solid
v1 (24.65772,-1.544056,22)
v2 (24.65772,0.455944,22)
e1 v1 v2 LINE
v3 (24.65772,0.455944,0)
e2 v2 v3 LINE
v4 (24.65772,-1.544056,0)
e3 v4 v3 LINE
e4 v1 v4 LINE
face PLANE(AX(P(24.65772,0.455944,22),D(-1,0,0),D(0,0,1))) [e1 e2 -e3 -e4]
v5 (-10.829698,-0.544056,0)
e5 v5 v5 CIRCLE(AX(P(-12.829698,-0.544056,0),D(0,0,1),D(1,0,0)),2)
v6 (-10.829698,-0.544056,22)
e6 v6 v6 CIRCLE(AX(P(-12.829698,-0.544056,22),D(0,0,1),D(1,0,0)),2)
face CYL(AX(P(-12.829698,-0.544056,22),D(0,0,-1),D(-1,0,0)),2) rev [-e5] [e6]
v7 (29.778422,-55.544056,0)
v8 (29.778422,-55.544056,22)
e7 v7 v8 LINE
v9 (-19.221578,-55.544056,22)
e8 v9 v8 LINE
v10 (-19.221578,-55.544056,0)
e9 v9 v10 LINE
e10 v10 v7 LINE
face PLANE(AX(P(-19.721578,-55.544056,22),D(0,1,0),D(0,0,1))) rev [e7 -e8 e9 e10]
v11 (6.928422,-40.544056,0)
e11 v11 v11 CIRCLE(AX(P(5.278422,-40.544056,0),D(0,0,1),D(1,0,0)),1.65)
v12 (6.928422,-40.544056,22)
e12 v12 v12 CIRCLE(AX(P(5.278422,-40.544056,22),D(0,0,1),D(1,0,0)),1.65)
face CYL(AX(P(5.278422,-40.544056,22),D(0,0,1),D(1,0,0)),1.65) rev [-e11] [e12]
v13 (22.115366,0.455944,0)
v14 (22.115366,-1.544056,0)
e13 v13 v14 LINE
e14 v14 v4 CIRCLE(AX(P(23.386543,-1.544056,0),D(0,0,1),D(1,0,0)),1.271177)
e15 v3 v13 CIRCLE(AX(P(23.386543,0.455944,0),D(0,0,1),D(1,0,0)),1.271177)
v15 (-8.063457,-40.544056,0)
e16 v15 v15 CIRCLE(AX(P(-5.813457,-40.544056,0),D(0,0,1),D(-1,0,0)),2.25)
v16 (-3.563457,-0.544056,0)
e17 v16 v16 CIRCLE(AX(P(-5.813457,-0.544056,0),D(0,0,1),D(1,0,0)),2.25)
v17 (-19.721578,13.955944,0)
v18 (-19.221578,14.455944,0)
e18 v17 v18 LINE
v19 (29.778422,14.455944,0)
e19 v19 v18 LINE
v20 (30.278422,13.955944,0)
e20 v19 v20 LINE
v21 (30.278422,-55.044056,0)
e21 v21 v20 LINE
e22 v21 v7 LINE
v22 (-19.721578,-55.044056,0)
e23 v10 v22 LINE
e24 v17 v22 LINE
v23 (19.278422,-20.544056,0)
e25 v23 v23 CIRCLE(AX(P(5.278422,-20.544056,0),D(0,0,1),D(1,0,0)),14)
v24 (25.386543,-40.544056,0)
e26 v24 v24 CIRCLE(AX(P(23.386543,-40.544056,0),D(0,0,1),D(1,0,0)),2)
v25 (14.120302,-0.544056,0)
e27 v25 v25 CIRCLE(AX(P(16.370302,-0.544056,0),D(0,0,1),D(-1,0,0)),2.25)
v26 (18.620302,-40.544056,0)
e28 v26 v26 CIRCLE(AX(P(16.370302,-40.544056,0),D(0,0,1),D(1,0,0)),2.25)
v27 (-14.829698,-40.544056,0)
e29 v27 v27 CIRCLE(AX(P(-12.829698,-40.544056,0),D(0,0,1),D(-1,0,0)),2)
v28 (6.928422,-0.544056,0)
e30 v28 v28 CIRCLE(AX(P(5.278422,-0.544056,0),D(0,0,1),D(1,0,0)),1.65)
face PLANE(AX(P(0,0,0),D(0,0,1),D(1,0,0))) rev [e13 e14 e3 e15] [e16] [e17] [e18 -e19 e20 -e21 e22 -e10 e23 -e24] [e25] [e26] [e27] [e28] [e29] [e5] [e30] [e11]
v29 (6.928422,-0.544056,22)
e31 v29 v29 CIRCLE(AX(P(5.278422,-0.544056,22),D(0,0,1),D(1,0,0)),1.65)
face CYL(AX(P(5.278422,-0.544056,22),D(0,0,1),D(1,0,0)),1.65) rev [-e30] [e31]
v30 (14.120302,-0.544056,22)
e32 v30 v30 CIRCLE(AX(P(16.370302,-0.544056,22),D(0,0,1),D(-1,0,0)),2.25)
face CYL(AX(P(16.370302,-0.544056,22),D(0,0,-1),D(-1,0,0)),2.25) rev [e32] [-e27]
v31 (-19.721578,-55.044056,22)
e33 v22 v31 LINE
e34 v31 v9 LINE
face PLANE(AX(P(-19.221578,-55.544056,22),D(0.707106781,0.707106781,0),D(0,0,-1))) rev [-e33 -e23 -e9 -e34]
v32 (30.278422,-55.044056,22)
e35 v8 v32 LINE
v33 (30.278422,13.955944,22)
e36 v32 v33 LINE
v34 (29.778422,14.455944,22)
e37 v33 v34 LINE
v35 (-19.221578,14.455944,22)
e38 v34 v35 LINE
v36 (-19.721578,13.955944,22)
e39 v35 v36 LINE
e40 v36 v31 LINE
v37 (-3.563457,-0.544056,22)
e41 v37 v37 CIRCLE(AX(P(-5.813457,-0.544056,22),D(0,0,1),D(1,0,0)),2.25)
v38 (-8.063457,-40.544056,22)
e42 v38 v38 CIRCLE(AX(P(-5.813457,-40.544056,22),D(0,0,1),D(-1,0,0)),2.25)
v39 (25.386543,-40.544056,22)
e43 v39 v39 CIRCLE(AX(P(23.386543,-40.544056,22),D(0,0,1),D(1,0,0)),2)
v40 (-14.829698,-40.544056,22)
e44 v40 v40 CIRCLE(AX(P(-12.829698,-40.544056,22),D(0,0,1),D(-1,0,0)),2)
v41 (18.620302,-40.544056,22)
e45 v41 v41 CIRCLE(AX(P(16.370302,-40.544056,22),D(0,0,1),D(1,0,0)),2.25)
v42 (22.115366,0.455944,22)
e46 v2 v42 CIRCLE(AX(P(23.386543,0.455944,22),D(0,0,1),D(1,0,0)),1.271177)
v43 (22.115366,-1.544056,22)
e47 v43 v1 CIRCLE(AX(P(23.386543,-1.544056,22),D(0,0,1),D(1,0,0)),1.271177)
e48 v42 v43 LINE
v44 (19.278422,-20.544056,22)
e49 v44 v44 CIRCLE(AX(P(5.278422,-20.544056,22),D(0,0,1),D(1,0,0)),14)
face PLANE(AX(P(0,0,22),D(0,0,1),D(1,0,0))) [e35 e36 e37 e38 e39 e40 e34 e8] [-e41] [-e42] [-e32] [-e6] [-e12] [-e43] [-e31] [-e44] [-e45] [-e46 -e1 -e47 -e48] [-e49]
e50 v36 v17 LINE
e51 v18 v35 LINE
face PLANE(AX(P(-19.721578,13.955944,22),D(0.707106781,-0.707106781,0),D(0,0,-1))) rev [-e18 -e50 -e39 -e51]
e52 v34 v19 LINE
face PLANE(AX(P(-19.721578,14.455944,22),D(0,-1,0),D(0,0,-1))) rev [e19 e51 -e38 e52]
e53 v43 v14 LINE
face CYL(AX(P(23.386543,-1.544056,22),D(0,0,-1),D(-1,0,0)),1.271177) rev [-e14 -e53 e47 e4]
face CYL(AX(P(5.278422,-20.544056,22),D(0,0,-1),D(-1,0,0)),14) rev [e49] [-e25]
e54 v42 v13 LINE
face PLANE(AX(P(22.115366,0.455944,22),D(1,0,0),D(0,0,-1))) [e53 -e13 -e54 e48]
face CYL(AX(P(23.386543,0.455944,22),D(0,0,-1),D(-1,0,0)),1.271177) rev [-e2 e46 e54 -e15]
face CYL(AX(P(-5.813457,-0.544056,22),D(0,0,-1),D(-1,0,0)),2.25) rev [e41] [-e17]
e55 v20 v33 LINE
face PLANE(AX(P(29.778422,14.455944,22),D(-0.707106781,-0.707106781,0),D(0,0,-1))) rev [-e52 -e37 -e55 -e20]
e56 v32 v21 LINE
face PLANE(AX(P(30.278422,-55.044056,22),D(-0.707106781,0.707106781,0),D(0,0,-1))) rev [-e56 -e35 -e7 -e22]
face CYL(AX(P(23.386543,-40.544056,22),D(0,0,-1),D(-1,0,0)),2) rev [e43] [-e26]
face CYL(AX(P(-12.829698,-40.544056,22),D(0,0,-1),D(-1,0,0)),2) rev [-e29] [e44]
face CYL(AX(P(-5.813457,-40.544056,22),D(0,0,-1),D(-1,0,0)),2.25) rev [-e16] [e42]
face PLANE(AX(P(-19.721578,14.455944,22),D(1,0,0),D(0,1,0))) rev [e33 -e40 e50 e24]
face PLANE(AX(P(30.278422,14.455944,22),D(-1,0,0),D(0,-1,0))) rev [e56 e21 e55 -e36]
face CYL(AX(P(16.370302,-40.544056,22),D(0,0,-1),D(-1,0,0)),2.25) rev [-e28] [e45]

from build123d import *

# Parameters (mm, degrees)
SKETCH1_W           = 50
SKETCH1_H           = 70
SKETCH1_R           = 14
SKETCH1_R_2         = 2
SKETCH1_R_3         = 2.25
BOSS_EXTRUDE1_DEPTH = 22
M4_TAPPED_HOLE1_D   = 3.3
CHAMFER1_SIZE       = 0.5


with BuildPart() as part:
    # Sketch1 → Boss-Extrude1 (new body)
    with BuildSketch(Plane.XY):
        with Locations((5.278422274, -20.544056224)):
            Rectangle(SKETCH1_W, SKETCH1_H)
        with Locations((5.278422274, -20.544056224)):
            Circle(SKETCH1_R, mode=Mode.SUBTRACT)
        with Locations((-12.829698376, -0.544056224)):
            Circle(SKETCH1_R_2, mode=Mode.SUBTRACT)
        with Locations((-5.813457077, -0.544056224)):
            Circle(SKETCH1_R_3, mode=Mode.SUBTRACT)
        with Locations((-5.813457077, -40.544056224)):
            Circle(SKETCH1_R_3, mode=Mode.SUBTRACT)
        with Locations((-12.829698376, -40.544056224)):
            Circle(SKETCH1_R_2, mode=Mode.SUBTRACT)
        with Locations((23.386542923, -40.544056224)):
            Circle(SKETCH1_R_2, mode=Mode.SUBTRACT)
        with Locations((16.370301624, -40.544056224)):
            Circle(SKETCH1_R_3, mode=Mode.SUBTRACT)
        with Locations((16.370301624, -0.544056224)):
            Circle(SKETCH1_R_3, mode=Mode.SUBTRACT)
        with BuildLine():
            Line((22.115366155, 0.455943776), (22.115366155, -1.544056224))
            ThreePointArc((22.115366155, -1.544056224), (23.386542923, -2.815232993), (24.657719692, -1.544056224))
            Line((24.657719692, -1.544056224), (24.657719692, 0.455943776))
            ThreePointArc((24.657719692, 0.455943776), (23.386542923, 1.727120544), (22.115366155, 0.455943776))
        make_face(mode=Mode.SUBTRACT)
    extrude(amount=BOSS_EXTRUDE1_DEPTH)

    # M4 Tapped Hole1 (through all)
    with Locations(Plane.XY.offset(22)):
        with Locations((5.278422274, -0.544056224), (5.278422274, -40.544056224)):
            Hole(M4_TAPPED_HOLE1_D / 2)

    # Chamfer1
    chamfer1_edges = [part.edges().sort_by_distance(p)[0] for p in [
        (-19.721577726, 14.455943776, 11),
        (30.278422274, 14.455943776, 11),
        (30.278422274, -55.544056224, 11),
        (-19.721577726, -55.544056224, 11),
    ]]
    chamfer(chamfer1_edges, length=CHAMFER1_SIZE)


solid = part.part
